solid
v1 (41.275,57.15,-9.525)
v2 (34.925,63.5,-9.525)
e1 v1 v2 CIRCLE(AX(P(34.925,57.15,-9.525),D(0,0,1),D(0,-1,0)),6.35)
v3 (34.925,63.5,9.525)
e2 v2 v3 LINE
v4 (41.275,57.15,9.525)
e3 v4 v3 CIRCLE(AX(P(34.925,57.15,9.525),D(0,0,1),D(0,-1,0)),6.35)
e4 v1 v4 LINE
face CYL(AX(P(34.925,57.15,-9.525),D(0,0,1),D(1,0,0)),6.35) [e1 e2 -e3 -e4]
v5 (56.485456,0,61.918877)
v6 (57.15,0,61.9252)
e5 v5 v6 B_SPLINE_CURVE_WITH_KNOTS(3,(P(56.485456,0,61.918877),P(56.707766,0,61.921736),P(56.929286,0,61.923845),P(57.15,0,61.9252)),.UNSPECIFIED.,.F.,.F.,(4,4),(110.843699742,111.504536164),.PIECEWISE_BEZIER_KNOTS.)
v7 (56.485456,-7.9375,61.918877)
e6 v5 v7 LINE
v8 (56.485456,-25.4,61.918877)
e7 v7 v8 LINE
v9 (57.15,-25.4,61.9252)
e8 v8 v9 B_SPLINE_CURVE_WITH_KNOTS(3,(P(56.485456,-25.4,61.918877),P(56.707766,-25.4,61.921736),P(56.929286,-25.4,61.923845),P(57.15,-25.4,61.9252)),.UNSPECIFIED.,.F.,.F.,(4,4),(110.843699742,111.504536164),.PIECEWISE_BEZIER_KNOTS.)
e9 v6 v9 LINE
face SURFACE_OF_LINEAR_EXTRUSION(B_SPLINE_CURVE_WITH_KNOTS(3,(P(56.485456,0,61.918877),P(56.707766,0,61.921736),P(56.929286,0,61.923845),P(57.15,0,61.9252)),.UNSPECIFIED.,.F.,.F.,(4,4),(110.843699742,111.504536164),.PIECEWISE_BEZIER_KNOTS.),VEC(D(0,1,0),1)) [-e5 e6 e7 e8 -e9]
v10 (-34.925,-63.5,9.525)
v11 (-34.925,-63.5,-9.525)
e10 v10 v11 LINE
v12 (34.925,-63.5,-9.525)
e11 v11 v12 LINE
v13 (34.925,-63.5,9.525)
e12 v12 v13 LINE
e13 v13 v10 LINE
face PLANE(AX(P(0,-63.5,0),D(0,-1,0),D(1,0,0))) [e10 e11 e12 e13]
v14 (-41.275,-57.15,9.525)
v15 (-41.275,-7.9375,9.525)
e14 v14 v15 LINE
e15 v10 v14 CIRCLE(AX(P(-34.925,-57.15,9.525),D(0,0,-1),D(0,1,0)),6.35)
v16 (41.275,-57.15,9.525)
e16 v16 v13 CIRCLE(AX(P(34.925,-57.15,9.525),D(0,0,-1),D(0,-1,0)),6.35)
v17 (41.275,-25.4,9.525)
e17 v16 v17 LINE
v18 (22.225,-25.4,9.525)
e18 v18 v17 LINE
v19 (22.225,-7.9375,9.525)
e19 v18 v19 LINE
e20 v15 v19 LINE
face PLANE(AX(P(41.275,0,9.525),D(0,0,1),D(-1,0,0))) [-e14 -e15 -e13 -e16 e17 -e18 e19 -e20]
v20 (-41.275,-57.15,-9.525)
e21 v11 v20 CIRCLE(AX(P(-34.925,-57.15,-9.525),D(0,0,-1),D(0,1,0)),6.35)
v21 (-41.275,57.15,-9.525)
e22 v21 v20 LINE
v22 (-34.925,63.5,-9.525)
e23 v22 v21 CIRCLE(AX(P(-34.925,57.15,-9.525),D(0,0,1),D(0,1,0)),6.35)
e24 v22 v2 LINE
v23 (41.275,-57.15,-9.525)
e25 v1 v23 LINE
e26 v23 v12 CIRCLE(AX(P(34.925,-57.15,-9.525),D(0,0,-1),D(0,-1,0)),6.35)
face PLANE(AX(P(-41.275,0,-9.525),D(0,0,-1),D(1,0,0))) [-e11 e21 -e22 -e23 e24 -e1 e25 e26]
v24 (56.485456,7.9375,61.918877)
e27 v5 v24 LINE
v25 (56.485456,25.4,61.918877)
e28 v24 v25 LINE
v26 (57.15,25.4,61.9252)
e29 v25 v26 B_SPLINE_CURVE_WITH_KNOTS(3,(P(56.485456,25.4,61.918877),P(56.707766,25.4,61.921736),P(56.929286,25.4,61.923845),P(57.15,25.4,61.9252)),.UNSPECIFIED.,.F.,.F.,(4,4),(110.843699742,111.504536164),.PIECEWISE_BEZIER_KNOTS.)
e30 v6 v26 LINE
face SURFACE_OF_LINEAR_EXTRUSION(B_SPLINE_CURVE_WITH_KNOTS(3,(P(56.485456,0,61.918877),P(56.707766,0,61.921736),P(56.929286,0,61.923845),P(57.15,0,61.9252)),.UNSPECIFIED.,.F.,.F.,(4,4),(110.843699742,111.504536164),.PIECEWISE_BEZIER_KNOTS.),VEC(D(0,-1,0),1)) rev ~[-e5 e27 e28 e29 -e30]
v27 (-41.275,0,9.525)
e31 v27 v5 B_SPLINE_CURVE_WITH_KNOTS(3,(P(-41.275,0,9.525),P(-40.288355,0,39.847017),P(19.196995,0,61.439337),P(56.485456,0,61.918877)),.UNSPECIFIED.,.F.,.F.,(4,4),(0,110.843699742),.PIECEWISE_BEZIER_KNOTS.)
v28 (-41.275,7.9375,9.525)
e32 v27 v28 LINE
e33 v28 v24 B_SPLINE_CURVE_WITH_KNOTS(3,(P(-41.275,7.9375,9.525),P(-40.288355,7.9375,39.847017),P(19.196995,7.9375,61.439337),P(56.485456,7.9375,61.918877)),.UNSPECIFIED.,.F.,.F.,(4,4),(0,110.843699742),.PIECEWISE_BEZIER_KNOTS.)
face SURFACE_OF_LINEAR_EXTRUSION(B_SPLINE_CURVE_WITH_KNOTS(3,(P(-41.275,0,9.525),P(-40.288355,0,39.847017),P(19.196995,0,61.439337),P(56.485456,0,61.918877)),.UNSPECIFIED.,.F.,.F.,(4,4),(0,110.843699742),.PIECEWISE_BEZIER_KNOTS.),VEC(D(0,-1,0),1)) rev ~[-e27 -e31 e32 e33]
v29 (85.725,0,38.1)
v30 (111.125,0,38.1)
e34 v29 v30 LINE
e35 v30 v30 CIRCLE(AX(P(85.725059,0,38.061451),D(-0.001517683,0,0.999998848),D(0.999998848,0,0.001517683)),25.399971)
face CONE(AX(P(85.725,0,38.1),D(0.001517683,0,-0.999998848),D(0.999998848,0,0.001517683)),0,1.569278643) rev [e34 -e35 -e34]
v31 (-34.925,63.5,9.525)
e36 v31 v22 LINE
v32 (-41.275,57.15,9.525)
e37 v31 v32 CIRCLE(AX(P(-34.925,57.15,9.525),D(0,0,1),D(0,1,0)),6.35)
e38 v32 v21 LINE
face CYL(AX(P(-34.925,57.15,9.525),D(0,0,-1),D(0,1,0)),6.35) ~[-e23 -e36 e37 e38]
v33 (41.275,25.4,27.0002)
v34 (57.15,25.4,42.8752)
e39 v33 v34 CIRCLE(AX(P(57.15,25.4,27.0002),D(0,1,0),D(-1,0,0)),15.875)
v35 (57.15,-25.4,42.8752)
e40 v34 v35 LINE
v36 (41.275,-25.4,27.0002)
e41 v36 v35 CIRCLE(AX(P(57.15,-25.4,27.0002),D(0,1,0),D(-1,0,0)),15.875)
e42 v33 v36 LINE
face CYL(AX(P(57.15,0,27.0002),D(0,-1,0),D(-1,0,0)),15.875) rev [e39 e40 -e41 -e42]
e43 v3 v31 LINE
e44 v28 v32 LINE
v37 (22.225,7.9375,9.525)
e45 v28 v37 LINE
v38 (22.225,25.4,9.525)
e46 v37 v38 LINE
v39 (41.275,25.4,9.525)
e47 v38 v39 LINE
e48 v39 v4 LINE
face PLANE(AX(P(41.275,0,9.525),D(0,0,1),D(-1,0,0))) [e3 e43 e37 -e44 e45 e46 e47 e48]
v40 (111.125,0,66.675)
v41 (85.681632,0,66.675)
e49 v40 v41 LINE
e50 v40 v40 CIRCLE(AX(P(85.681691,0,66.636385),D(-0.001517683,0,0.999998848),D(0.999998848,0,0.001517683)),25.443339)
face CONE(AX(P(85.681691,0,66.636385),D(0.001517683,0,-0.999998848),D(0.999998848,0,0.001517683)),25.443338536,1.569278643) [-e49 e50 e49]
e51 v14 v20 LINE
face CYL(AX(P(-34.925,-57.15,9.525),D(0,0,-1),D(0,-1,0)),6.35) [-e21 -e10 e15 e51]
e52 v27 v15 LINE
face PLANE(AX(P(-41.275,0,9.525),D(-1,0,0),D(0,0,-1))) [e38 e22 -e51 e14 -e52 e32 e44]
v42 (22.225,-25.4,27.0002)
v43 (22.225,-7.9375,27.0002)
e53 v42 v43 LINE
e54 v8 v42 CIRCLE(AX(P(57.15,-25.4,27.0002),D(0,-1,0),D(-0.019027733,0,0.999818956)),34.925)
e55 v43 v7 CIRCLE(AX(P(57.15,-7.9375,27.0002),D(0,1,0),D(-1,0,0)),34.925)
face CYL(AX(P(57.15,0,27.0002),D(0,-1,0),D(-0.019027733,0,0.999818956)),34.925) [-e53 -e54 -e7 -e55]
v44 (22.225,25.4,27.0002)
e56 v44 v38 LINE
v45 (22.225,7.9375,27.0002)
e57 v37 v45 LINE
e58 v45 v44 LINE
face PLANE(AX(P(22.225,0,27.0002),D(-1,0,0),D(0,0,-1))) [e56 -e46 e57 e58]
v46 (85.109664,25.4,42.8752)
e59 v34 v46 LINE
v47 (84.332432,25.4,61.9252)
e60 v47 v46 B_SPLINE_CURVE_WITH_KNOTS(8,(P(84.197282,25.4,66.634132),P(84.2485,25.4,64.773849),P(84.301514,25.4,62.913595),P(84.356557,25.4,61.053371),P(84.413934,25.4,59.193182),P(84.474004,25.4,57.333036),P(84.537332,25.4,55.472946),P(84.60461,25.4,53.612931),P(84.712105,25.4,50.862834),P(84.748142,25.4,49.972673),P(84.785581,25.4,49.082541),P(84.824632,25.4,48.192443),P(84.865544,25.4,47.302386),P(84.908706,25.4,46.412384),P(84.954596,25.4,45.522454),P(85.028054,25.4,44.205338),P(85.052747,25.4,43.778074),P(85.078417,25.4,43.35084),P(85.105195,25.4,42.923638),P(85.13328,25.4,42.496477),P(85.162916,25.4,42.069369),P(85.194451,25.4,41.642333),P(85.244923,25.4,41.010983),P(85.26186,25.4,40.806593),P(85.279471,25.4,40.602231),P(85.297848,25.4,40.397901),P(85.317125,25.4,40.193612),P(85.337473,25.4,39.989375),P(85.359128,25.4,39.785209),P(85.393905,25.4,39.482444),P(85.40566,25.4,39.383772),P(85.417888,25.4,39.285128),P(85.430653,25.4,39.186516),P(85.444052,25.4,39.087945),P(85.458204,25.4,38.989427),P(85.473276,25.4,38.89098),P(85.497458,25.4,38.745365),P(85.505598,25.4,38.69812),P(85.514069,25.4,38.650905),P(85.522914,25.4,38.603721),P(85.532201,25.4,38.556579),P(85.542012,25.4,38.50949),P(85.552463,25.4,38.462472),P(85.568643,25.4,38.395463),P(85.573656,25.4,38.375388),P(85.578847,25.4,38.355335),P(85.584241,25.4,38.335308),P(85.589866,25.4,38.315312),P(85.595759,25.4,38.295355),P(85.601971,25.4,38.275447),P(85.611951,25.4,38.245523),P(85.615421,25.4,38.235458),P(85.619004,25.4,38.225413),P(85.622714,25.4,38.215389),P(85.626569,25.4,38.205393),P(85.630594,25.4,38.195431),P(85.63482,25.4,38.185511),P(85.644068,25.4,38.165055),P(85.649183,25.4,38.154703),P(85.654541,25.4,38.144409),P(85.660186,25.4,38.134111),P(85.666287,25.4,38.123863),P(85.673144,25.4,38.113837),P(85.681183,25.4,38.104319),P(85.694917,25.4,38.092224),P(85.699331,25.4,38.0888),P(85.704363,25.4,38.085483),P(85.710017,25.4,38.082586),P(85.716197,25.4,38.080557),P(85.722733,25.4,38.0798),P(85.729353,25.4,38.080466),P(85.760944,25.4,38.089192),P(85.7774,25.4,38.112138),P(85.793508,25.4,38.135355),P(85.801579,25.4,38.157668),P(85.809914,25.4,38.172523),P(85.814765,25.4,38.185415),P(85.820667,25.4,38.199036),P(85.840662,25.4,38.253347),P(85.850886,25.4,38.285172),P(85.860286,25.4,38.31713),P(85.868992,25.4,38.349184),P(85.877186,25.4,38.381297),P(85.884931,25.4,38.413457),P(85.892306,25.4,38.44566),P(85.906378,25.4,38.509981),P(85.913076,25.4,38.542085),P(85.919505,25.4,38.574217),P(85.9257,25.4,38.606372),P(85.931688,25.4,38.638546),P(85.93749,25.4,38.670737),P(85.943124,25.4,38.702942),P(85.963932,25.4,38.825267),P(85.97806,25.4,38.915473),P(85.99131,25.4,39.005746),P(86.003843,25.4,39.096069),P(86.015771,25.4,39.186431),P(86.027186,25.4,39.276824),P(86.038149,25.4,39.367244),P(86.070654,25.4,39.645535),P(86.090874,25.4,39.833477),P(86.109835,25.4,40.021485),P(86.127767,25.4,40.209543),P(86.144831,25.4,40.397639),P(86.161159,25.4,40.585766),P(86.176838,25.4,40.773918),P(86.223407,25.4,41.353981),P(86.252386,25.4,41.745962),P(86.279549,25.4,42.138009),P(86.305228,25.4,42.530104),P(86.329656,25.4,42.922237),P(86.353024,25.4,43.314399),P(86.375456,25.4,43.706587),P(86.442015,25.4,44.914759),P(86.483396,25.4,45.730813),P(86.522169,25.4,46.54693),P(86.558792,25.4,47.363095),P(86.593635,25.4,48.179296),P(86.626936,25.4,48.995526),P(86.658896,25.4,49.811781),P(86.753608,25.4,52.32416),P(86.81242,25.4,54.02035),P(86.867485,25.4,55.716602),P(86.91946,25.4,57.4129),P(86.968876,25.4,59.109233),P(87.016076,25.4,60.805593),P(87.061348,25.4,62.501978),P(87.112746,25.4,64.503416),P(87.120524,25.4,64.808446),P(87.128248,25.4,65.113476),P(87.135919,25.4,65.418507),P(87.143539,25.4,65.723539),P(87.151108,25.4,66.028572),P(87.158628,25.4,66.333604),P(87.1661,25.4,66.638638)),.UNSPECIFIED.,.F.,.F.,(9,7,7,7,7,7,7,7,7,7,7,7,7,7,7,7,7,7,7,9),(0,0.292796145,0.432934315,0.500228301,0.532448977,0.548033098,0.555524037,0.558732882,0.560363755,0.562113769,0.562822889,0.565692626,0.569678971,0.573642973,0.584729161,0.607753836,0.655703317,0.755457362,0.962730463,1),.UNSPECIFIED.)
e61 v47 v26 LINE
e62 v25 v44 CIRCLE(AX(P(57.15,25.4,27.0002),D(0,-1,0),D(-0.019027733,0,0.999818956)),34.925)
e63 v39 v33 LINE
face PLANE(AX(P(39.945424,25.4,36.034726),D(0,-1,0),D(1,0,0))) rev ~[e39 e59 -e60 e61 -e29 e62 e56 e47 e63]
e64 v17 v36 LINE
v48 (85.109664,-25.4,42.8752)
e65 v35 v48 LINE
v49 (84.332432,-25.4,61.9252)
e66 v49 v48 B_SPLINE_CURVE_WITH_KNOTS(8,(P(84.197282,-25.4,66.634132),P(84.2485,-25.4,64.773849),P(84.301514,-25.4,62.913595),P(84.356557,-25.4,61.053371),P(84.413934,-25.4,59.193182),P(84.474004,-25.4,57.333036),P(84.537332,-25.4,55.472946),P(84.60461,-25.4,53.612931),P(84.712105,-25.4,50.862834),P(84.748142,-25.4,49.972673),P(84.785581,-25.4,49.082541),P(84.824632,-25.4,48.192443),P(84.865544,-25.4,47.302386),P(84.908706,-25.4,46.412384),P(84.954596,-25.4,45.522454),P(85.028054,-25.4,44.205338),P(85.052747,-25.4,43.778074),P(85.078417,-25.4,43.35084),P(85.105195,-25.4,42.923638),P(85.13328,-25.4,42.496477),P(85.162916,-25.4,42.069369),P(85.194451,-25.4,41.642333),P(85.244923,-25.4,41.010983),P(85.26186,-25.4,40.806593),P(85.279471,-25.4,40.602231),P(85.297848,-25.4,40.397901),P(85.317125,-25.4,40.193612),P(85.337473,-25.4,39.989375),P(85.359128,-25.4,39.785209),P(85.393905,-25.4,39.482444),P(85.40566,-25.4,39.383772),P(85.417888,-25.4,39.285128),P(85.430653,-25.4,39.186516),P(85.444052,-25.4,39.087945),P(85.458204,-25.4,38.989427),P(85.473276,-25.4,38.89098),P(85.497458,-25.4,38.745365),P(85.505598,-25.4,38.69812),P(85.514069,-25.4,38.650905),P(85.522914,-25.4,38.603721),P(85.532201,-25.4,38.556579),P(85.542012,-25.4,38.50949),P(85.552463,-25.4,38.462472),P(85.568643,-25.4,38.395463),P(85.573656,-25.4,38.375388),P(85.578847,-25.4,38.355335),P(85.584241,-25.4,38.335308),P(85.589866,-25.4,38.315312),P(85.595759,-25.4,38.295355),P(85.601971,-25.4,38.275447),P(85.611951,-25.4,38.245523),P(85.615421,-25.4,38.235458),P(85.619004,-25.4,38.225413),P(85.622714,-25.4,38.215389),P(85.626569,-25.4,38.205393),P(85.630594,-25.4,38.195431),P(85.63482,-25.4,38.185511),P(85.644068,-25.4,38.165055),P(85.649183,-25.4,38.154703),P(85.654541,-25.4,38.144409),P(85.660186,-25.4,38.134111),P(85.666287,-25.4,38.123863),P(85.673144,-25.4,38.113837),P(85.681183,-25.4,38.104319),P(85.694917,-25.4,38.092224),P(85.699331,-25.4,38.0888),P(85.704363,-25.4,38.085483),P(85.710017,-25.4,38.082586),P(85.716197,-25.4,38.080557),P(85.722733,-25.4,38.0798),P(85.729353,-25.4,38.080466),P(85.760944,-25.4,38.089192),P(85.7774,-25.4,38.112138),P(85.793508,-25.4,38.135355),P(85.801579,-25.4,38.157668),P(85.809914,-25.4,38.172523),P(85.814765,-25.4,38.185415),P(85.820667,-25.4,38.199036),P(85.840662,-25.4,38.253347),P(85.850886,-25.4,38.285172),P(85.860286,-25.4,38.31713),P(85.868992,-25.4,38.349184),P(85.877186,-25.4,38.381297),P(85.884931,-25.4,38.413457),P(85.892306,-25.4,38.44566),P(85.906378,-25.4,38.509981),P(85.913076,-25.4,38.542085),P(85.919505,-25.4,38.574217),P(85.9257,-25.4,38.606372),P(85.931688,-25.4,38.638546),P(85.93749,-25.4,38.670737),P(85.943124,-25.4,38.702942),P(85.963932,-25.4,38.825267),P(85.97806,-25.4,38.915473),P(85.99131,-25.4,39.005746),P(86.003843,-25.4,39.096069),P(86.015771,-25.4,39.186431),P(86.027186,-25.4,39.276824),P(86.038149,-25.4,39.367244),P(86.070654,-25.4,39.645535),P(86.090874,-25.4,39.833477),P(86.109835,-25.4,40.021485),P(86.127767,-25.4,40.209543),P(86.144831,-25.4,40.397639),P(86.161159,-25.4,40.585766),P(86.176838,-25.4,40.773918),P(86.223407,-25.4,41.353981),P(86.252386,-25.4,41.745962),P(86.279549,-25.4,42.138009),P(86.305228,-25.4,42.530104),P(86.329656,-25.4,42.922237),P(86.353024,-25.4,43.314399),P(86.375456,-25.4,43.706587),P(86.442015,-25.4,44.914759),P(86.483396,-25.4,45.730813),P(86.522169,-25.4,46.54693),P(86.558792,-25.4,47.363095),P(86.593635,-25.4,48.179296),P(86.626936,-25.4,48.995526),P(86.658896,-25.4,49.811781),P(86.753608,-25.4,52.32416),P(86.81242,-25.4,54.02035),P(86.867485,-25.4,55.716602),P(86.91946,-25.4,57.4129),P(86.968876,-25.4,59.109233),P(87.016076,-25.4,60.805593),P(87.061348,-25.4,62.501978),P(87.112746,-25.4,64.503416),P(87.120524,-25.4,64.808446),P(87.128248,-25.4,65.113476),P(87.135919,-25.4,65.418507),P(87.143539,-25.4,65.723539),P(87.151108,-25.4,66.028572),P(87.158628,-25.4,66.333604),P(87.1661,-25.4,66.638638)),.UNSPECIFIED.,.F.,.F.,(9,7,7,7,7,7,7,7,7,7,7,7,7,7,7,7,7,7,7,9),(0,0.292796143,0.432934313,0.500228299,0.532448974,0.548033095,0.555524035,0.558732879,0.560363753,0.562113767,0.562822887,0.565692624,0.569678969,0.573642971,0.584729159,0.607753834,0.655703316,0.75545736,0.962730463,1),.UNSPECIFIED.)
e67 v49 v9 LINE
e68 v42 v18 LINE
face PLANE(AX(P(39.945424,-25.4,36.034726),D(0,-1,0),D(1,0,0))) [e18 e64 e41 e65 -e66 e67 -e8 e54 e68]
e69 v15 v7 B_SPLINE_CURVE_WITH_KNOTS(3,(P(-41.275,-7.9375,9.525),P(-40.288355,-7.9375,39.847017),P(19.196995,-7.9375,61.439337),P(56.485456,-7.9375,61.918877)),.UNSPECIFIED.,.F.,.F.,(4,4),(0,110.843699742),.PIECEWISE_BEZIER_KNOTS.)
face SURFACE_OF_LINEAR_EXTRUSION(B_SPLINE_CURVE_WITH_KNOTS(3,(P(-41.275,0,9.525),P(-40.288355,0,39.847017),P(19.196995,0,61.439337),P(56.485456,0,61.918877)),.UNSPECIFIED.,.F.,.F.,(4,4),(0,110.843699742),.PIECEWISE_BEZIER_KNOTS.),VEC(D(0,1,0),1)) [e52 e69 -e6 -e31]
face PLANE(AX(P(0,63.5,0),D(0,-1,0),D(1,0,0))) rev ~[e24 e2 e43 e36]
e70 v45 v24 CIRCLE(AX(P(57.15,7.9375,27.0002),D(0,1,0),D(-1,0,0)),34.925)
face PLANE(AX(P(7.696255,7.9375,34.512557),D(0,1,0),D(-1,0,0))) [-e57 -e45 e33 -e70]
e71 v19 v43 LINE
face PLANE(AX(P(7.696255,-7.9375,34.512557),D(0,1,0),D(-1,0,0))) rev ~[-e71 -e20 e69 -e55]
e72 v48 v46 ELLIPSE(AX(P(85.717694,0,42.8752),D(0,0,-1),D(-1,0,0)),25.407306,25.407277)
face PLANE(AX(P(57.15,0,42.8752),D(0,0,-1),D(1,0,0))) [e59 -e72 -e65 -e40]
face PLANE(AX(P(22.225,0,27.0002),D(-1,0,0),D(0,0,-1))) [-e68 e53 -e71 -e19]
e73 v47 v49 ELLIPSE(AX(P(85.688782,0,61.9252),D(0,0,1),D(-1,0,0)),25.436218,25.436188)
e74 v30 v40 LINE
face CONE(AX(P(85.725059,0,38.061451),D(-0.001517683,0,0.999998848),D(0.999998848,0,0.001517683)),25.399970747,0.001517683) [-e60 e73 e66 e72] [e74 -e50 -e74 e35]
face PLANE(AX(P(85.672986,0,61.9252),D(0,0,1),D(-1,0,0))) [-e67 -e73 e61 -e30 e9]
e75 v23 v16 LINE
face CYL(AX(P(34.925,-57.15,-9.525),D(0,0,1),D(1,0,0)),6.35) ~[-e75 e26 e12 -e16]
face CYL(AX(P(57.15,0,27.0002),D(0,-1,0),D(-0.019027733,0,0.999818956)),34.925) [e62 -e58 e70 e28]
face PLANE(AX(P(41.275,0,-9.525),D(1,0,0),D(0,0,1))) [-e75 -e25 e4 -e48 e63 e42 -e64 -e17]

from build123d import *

# Parameters (mm, degrees)
F1_DEPTH = 63.5
F0_W     = 25.347986334
F0_H     = 19.05
F2_DEPTH = 25.4
F3_DEPTH = 7.9375
F5_R     = 6.35


with BuildPart() as f1:
    # F0 (on Front) → F1 (new body, symmetric)
    with BuildSketch(Plane.XZ):
        Polygon((-41.275, 9.525), (-41.275, -9.525), (41.275, -9.525), (41.275, 9.525), (22.225, 9.525), align=None)
    extrude(amount=F1_DEPTH, both=True)

    # F0 (on Front) → F2 (join, symmetric)
    with BuildSketch(Plane.XZ):
        with BuildLine():
            Line((22.225, 9.525), (41.275, 9.525))
            Line((41.275, 9.525), (41.275, 27.0002))
            ThreePointArc((41.275, 27.0002), (45.9246798487, 38.2255201513), (57.15, 42.8752))
            Line((57.15, 42.8752), (60.325, 42.8752))
            Line((60.325, 42.8752), (60.325, 61.9252))
            Line((60.325, 61.9252), (57.15, 61.9252))
            add(Edge.make_bspline(
                [(56.4854564208, 61.9188770487), (56.7077656128, 61.9217360058), (56.9292858392, 61.9238445309), (57.15, 61.9252)],
                knots=[110.8436997421, 110.8436997421, 110.8436997421, 110.8436997421, 111.5045361635, 111.5045361635, 111.5045361635, 111.5045361635], degree=3))
            ThreePointArc((56.4854564208, 61.9188770487), (32.2204511723, 51.4598242868), (22.225, 27.0002))
            Line((22.225, 27.0002), (22.225, 9.525))
        make_face()
        with Locations((72.998993167, 52.4002)):
            Rectangle(F0_W, F0_H)
    extrude(amount=F2_DEPTH, both=True)

    # F0 (on Front) → F3 (join, symmetric)
    with BuildSketch(Plane.XZ):
        with BuildLine():
            add(Edge.make_bspline(
                [(-41.275, 9.525), (-40.2883552222, 39.8470173814), (19.1969951279, 61.4393372205), (56.4854564208, 61.9188770487)],
                knots=[0, 0, 0, 0, 110.8436997421, 110.8436997421, 110.8436997421, 110.8436997421], degree=3))
            Line((-41.275, 9.525), (22.225, 9.525))
            Line((22.225, 9.525), (22.225, 27.0002))
            ThreePointArc((22.225, 27.0002), (32.2204511723, 51.4598242868), (56.4854564208, 61.9188770487))
        make_face()
    extrude(amount=F3_DEPTH, both=True)

    # F0 (on Front) → F4 (revolve)
    with BuildSketch(Plane.XZ):
        Polygon((111.125, 66.675), (85.6816321611, 66.675), (85.725, 38.1), (111.125, 38.1), align=None)
    revolve(axis=Axis((85.7033160806, 0, 52.3875), (-0.0015176829, 0, 0.9999988483)))

    # F5
    f5_edges = [f1.edges().sort_by_distance(p)[0] for p in [
        (41.275, -63.5, 0),
        (-41.275, -63.5, 0),
        (41.275, 63.5, 0),
        (-41.275, 63.5, 0),
    ]]
    fillet(f5_edges, radius=F5_R)


solid = f1.part
